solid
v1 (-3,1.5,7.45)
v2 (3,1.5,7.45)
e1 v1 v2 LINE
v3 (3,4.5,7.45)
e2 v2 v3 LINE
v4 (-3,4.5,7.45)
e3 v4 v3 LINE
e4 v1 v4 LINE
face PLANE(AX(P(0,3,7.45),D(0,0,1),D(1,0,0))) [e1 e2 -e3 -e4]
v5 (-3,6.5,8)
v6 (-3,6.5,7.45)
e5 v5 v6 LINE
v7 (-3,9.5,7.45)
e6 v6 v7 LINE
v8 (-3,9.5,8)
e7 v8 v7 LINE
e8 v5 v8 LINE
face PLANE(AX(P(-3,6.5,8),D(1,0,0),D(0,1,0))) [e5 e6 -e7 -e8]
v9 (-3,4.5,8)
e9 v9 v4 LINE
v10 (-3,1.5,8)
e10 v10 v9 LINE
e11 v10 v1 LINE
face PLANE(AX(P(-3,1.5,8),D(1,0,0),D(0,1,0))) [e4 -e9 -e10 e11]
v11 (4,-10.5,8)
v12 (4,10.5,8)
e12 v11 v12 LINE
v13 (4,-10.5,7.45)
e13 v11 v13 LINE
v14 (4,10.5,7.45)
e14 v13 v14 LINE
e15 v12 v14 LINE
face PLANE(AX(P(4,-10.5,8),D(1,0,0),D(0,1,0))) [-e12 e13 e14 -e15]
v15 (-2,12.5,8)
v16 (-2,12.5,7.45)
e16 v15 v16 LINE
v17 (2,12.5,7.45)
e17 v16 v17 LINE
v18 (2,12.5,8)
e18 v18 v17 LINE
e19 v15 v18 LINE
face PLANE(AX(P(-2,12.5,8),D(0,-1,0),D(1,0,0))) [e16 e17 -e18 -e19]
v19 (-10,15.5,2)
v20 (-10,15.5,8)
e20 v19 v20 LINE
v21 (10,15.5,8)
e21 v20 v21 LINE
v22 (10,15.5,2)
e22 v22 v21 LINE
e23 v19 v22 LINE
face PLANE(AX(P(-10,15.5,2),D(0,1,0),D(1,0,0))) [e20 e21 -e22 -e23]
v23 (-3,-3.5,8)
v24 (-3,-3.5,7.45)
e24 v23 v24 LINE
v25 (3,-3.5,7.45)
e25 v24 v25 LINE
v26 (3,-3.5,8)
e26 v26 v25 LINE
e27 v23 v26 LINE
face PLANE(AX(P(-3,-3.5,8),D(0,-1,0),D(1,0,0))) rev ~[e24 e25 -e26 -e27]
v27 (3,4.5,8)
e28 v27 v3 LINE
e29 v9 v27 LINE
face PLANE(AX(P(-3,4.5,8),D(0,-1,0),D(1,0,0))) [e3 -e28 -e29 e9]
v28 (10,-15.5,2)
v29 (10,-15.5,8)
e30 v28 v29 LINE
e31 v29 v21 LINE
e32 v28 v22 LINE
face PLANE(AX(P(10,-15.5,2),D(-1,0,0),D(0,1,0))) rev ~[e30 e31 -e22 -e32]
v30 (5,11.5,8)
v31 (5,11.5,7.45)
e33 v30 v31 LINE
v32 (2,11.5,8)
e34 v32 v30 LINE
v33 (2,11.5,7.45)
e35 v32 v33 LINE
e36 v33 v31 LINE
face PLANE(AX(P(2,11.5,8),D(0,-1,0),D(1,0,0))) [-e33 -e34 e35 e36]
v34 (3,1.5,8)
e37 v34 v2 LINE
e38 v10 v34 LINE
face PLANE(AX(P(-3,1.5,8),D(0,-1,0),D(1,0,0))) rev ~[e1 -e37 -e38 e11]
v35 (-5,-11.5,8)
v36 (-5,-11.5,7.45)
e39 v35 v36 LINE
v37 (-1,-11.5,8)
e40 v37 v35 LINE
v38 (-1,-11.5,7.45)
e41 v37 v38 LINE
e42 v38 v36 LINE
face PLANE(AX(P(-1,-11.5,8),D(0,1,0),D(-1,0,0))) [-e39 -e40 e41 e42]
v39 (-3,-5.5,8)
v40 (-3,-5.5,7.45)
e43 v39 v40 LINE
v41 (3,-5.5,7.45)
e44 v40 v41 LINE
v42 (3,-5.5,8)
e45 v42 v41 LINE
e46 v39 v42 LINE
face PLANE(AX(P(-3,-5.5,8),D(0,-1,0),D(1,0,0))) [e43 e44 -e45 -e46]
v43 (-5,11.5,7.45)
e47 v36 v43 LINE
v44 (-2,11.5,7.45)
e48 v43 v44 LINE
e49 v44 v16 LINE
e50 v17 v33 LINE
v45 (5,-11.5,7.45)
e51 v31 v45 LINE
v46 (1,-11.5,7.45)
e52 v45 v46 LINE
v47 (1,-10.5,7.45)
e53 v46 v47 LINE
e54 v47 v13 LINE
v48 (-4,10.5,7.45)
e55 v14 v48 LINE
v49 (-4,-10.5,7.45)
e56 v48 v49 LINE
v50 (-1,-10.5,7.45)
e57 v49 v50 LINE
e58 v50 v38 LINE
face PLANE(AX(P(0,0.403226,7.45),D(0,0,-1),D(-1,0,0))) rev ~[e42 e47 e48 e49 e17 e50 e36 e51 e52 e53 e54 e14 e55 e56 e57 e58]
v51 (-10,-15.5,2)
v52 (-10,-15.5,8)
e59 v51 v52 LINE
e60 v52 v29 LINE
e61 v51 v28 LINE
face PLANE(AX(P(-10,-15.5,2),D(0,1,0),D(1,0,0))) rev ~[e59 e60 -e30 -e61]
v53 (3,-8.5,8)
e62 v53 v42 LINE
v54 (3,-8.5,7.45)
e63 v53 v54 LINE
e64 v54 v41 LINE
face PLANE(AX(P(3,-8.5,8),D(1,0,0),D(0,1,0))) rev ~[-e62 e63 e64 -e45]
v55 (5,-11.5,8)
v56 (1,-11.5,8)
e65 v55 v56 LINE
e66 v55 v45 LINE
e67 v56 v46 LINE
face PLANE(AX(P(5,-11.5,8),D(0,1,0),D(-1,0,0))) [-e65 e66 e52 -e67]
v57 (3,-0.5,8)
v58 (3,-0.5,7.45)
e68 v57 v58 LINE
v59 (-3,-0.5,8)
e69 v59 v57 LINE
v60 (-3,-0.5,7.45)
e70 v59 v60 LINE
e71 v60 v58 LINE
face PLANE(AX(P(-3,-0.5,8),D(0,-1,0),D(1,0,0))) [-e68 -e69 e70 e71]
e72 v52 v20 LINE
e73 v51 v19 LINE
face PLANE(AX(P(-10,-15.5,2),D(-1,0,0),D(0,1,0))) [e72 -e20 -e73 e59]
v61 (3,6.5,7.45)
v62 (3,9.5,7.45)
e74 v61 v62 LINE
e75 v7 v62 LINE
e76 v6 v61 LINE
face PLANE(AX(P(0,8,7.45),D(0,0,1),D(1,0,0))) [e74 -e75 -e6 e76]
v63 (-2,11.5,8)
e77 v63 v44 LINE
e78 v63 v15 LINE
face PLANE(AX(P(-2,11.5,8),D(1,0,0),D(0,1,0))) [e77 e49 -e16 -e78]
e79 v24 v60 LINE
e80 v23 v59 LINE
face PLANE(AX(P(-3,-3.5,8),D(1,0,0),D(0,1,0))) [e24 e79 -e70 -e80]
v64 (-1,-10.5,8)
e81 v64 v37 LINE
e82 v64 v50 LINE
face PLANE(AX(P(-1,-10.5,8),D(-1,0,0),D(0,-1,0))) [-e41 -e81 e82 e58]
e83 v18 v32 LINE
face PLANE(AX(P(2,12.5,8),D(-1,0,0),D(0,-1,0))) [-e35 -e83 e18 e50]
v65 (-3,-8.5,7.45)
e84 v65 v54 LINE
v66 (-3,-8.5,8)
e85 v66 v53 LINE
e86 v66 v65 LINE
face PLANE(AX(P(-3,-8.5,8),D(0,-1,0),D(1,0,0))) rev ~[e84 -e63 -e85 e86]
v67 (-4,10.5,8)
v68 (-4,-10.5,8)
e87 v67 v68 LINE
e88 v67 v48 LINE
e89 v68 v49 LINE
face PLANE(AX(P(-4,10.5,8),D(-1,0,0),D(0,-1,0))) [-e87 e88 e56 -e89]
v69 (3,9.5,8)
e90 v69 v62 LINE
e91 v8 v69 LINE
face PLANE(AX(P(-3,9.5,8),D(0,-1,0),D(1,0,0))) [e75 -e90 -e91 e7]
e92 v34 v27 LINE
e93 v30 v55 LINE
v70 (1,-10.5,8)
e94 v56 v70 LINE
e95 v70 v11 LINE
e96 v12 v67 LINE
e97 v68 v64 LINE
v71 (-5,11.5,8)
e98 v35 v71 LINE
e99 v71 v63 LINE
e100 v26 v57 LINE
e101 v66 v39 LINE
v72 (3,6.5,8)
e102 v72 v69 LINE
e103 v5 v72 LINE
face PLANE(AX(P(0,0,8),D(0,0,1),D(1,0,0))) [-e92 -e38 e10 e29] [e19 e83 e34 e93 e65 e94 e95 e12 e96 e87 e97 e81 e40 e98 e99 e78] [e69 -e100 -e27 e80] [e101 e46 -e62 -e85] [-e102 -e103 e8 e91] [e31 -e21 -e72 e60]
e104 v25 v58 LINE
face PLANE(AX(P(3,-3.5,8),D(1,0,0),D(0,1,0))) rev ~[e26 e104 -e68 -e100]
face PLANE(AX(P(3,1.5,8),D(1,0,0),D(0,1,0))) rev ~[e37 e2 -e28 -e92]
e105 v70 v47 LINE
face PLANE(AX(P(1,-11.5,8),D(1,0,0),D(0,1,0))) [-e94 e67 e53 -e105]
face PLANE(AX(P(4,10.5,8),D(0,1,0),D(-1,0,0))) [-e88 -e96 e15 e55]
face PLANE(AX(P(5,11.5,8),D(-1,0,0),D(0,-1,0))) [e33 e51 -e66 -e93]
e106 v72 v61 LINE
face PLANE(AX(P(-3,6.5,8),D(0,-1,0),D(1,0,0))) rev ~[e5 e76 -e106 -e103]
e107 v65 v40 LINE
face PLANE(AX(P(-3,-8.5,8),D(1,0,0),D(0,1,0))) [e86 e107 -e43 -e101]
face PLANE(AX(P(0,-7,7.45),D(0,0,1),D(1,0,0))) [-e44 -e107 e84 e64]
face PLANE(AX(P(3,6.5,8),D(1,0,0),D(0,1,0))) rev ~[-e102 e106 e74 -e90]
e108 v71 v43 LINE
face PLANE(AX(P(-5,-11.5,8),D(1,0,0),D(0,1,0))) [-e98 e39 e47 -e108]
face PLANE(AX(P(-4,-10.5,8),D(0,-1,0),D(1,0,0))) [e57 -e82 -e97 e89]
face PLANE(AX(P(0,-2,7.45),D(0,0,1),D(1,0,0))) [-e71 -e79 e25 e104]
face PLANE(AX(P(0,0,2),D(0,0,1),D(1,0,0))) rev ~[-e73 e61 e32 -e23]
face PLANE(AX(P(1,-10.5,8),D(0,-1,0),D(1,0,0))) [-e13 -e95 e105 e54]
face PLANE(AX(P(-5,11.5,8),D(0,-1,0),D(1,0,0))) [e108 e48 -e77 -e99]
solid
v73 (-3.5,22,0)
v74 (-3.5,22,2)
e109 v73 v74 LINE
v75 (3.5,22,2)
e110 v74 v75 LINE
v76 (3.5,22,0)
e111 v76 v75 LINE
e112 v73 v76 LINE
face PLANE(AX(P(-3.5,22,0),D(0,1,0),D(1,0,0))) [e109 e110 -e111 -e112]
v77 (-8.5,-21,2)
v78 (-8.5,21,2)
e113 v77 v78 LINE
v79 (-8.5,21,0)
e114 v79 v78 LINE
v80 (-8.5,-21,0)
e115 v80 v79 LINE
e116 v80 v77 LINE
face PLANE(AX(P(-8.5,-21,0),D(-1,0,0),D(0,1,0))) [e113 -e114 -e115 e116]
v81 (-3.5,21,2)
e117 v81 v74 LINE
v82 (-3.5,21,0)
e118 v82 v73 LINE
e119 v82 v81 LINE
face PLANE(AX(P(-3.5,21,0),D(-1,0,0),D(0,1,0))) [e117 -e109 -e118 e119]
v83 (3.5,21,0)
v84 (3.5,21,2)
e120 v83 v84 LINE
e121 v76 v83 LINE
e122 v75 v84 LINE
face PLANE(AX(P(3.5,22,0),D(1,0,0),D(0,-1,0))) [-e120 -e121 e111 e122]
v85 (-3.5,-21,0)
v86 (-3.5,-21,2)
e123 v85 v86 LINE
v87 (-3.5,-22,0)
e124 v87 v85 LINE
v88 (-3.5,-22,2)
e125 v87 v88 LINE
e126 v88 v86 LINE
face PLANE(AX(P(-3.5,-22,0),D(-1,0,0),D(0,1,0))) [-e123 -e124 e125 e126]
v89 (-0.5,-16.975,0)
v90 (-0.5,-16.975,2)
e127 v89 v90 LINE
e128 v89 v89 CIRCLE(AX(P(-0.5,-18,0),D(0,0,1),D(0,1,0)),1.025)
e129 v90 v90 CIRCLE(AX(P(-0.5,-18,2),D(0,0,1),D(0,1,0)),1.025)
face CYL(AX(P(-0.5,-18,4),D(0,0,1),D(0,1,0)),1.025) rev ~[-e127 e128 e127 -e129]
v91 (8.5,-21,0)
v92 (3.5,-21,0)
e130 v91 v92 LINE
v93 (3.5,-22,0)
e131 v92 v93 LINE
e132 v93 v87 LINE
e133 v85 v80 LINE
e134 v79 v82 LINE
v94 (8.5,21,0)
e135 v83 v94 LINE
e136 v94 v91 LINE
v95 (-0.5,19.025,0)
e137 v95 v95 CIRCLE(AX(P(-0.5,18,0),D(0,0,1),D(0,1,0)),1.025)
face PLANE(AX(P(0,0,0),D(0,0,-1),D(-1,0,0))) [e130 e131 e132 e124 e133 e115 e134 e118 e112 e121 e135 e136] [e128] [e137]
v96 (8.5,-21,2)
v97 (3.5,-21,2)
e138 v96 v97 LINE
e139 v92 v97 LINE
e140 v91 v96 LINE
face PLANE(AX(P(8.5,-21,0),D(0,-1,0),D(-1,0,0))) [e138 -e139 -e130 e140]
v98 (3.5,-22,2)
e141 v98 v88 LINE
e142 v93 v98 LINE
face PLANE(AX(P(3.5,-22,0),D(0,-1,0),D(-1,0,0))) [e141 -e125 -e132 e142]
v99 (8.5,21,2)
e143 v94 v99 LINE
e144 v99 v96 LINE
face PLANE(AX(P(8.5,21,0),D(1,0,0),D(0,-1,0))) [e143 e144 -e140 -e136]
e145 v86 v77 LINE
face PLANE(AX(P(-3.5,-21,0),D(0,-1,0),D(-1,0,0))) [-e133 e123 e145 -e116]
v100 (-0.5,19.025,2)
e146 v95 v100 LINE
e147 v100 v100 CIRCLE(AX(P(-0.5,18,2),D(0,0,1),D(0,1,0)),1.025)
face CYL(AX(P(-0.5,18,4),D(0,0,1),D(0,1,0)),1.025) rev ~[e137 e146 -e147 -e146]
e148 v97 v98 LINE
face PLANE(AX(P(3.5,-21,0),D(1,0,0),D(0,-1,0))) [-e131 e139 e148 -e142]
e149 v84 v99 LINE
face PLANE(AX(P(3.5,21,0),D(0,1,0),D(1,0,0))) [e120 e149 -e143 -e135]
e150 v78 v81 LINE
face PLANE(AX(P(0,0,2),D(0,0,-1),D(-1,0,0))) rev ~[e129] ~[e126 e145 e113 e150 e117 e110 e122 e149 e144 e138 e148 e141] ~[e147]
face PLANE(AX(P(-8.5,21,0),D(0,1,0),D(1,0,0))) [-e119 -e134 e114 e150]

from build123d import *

# Parameters (mm, degrees)
BOSS_EXTRUDE1_DEPTH                     = 2
SKETCH2_W                               = 20
SKETCH2_H                               = 31
BOSS_EXTRUDE2_DEPTH                     = 6
SKETCH3_W                               = 6
SKETCH3_H                               = 3
CUT_EXTRUDE1_DEPTH                      = 0.55
SKETCH6_W                               = 1.025
SKETCH6_H                               = 8
TAP_DRILL_FOR_M2_5X0_45_TAP1_AT_2_COUNT = 2
TAP_DRILL_FOR_M2_5X0_45_TAP1_AT_2_PITCH = 36


with BuildPart() as part:
    # Sketch1 → Boss-Extrude1 (new body)
    with BuildSketch(Plane.XY):
        Polygon((-3.5, 22), (3.5, 22), (3.5, 21), (8.5, 21), (8.5, -21), (3.5, -21), (3.5, -22), (-3.5, -22), (-3.5, -21), (-8.5, -21), (-8.5, 21), (-3.5, 21), align=None)
    extrude(amount=BOSS_EXTRUDE1_DEPTH)

    # Sketch6 → Tap Drill for M2.5x0.45 Tap1 (revolve, cut)
    with BuildSketch(Plane(origin=(-0.5, 18, 0), x_dir=(0, 1, 0), z_dir=(1, 0, 0))):
        with Locations((0.5125, 4)):
            Rectangle(SKETCH6_W, SKETCH6_H)
    tap_drill_for_m2_5x0_45_tap1 = revolve(axis=Axis((-0.5, 18, -6.35), (0, 0, 1)), mode=Mode.SUBTRACT)

    # Tap Drill for M2.5x0.45 Tap1 at 2: Tap Drill for M2.5x0.45 Tap1 ×2
    with Locations(*[(0, -i * TAP_DRILL_FOR_M2_5X0_45_TAP1_AT_2_PITCH, 0) for i in range(1, TAP_DRILL_FOR_M2_5X0_45_TAP1_AT_2_COUNT)]):
        add(tap_drill_for_m2_5x0_45_tap1, mode=Mode.SUBTRACT)


with BuildPart() as body_2:
    # Sketch2 → Boss-Extrude2 (new body)
    with BuildSketch(Plane.XY.offset(2)):
        Rectangle(SKETCH2_W, SKETCH2_H)
    extrude(amount=BOSS_EXTRUDE2_DEPTH)

    # Sketch3 → Cut-Extrude1 (cut)
    with BuildSketch(Plane.XY.offset(8)):
        Polygon((-1, -11.5), (-5, -11.5), (-5, 11.5), (-2, 11.5), (-2, 12.5), (2, 12.5), (2, 11.5), (5, 11.5), (5, -11.5), (1, -11.5), (1, -10.5), (4, -10.5), (4, 10.5), (-4, 10.5), (-4, -10.5), (-1, -10.5), align=None)
        with Locations((0, -2)):
            Rectangle(SKETCH3_W, SKETCH3_H)
        with Locations((0, -7)):
            Rectangle(SKETCH3_W, SKETCH3_H)
        with Locations((0, 3)):
            Rectangle(SKETCH3_W, SKETCH3_H)
        with Locations((0, 8)):
            Rectangle(SKETCH3_W, SKETCH3_H)
    extrude(amount=-CUT_EXTRUDE1_DEPTH, mode=Mode.SUBTRACT)


solid = Compound([part.part, body_2.part])
